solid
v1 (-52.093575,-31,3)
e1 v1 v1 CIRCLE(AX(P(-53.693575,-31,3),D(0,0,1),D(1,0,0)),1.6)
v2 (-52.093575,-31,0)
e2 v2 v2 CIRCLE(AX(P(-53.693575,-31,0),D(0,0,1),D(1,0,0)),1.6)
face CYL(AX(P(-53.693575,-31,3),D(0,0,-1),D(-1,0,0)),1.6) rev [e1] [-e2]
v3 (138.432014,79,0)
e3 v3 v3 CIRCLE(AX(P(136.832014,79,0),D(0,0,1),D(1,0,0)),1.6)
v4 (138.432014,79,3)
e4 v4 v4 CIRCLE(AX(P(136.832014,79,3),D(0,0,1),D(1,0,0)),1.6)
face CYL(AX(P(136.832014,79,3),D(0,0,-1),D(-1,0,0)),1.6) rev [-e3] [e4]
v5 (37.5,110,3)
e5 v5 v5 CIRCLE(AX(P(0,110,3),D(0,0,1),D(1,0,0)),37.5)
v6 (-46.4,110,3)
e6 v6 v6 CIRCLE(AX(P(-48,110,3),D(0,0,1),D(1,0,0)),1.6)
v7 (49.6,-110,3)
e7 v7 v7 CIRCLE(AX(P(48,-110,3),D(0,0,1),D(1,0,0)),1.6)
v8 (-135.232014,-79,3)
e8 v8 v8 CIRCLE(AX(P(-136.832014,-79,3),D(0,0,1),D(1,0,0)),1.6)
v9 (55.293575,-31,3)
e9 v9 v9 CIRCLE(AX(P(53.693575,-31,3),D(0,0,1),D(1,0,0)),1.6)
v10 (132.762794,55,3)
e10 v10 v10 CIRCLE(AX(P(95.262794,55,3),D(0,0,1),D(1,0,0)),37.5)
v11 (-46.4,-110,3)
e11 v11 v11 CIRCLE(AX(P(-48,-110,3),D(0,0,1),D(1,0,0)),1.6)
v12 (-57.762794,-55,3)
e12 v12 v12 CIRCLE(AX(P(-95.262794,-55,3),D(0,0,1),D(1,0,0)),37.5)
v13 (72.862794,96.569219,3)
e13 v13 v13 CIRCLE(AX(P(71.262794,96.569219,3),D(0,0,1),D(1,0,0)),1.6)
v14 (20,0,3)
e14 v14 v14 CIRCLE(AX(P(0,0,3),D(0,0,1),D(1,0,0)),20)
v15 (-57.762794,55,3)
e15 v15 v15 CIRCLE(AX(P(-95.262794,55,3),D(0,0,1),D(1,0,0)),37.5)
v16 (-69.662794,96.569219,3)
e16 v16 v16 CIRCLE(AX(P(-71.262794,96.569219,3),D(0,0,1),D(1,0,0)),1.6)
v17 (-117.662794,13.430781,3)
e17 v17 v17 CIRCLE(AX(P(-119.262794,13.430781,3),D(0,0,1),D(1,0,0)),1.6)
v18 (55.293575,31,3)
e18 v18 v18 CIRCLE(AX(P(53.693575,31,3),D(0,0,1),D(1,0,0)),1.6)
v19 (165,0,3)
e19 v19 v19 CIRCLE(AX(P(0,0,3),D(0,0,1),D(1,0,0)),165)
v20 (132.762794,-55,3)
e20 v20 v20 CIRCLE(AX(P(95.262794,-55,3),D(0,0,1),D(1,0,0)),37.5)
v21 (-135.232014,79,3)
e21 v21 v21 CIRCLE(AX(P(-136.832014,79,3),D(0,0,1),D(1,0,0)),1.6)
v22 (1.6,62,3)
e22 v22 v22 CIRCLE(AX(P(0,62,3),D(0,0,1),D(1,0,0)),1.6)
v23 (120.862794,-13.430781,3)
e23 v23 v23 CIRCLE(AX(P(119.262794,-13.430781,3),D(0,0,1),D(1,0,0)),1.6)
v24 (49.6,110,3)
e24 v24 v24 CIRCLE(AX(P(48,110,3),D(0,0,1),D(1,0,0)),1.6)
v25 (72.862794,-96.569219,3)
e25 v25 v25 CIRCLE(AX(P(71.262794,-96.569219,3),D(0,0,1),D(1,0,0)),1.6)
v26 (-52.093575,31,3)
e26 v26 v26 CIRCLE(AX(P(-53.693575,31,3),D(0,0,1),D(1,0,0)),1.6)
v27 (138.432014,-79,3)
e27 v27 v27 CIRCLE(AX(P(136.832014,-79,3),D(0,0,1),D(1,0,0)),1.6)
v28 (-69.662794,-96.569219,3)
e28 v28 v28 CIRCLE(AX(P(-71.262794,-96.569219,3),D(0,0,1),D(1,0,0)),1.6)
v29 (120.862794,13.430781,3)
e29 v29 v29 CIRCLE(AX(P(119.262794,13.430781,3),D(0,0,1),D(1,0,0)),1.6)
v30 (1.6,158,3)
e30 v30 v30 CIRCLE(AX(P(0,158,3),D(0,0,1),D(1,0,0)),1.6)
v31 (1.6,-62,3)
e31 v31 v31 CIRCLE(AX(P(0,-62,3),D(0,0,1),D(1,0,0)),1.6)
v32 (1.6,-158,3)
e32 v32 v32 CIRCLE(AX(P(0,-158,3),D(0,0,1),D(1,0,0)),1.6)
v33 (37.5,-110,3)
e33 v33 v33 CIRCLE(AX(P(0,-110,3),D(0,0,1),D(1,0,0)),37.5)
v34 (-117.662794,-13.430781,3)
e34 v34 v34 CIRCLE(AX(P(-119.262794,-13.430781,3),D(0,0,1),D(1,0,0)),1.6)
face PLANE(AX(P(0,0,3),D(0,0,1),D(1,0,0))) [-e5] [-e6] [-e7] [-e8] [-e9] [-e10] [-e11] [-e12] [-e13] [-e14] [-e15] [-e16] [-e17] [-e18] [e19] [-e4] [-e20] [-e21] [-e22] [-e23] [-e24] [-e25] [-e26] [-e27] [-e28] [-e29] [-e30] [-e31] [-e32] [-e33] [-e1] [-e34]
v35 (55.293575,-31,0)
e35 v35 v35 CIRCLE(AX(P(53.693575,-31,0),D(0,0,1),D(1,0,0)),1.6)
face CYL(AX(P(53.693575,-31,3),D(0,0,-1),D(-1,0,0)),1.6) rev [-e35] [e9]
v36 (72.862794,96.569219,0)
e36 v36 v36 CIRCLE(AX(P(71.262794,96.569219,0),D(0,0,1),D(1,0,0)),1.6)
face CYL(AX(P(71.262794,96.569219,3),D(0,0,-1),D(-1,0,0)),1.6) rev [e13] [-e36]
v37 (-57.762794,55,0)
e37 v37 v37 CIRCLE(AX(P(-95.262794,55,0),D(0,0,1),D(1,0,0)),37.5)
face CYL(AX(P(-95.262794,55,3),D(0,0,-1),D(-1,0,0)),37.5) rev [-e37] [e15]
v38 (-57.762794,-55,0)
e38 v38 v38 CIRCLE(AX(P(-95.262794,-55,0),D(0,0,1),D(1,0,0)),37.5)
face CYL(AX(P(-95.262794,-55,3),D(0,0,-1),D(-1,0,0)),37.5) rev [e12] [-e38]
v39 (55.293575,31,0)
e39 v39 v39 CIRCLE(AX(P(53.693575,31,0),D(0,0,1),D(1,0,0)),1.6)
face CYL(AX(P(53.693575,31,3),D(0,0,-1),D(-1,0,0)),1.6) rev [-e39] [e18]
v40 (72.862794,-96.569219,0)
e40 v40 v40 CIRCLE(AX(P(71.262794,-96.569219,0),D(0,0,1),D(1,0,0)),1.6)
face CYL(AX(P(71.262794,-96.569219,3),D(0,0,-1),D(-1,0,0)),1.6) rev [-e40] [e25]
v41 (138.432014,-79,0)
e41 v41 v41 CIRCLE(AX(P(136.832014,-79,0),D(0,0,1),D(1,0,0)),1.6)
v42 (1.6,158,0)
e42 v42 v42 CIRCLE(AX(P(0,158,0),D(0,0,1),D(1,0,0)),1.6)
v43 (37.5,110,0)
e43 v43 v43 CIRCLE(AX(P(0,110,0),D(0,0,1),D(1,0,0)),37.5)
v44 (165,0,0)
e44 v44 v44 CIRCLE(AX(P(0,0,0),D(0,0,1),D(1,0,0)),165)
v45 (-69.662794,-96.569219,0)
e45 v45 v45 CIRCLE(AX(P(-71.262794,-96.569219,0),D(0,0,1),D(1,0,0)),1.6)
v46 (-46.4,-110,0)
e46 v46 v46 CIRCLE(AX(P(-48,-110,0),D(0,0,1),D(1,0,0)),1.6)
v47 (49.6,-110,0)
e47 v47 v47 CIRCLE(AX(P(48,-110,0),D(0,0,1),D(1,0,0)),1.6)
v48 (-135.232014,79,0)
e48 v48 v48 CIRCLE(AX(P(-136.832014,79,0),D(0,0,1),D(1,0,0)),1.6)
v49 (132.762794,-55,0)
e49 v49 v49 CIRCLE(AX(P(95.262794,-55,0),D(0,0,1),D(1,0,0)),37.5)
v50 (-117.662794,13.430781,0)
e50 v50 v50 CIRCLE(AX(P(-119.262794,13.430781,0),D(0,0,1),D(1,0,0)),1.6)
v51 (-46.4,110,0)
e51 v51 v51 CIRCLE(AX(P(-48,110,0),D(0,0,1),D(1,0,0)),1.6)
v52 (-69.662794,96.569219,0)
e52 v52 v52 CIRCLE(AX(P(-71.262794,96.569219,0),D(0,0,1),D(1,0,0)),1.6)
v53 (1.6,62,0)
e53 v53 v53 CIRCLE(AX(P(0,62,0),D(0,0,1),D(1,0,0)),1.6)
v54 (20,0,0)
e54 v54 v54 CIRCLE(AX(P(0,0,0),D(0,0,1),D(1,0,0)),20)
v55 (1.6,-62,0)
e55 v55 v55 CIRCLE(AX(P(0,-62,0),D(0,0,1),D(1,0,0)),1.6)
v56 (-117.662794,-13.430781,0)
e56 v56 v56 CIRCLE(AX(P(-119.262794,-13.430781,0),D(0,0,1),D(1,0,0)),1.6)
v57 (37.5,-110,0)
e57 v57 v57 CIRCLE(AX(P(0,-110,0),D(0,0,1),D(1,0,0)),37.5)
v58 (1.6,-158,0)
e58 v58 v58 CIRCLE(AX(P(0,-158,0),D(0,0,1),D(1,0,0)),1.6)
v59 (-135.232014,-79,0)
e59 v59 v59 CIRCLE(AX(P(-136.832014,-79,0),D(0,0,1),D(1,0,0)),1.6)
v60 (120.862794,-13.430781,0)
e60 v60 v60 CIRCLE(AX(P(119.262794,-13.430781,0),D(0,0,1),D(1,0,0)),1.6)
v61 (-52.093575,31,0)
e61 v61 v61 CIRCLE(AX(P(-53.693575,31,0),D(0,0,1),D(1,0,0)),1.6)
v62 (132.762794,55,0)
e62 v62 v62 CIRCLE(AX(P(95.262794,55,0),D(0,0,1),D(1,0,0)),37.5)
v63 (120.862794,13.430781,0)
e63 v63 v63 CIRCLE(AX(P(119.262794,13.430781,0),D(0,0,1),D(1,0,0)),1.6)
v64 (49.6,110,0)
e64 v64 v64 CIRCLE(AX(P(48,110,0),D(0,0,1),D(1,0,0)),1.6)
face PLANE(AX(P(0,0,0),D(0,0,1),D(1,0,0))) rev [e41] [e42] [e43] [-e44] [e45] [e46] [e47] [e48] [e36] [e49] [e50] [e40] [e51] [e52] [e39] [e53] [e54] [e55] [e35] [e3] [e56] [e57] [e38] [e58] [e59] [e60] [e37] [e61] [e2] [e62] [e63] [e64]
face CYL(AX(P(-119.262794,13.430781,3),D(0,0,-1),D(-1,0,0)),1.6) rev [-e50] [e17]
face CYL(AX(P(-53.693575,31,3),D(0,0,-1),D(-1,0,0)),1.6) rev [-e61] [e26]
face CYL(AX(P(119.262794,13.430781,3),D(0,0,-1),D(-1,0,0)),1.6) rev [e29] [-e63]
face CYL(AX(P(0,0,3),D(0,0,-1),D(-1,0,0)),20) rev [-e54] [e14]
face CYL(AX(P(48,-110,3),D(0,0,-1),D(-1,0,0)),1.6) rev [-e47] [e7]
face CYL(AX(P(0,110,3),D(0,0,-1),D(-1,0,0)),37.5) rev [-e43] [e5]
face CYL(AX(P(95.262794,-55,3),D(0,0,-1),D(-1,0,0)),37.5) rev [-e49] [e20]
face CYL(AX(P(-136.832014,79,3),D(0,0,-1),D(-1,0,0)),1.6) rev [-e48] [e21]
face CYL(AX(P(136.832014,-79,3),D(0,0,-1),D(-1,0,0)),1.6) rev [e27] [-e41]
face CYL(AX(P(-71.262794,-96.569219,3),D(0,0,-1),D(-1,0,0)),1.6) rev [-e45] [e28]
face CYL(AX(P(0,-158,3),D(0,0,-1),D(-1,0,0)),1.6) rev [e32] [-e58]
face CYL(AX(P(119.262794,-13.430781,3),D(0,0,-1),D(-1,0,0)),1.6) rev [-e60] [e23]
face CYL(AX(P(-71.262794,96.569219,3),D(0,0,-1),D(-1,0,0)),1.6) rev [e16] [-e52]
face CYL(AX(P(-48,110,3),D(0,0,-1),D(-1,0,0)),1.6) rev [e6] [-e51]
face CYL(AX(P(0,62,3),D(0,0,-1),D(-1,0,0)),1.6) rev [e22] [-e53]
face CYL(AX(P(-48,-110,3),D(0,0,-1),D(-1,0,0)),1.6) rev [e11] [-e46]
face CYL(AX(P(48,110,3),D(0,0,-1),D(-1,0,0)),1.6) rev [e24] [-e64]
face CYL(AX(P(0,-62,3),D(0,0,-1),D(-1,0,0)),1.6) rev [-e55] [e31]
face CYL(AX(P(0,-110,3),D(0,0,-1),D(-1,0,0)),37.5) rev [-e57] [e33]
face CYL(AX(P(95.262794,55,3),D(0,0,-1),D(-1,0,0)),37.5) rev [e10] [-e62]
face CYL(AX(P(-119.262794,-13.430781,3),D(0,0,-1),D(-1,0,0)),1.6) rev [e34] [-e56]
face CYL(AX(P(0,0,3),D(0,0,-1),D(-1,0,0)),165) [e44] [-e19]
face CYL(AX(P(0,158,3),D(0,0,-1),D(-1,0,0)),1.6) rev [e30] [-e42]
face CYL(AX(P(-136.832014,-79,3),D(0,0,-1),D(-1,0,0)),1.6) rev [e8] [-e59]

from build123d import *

# Parameters (mm, degrees)
SKETCH11_R          = 165
SKETCH11_R_2        = 1.6
SKETCH11_R_3        = 37.5
SKETCH11_R_4        = 20
BOSS_EXTRUDE4_DEPTH = 3


with BuildPart() as part:
    # Sketch11 → Boss-Extrude4 (new body)
    with BuildSketch(Plane.XY):
        Circle(SKETCH11_R)
        with Locations((-48, 110)):
            Circle(SKETCH11_R_2, mode=Mode.SUBTRACT)
        with Locations((0, 158)):
            Circle(SKETCH11_R_2, mode=Mode.SUBTRACT)
        with Locations((48, 110)):
            Circle(SKETCH11_R_2, mode=Mode.SUBTRACT)
        with Locations((0, 62)):
            Circle(SKETCH11_R_2, mode=Mode.SUBTRACT)
        with Locations((71.262794416, 96.569219382)):
            Circle(SKETCH11_R_2, mode=Mode.SUBTRACT)
        with Locations((136.832013798, 79)):
            Circle(SKETCH11_R_2, mode=Mode.SUBTRACT)
        with Locations((119.262794416, 13.430780618)):
            Circle(SKETCH11_R_2, mode=Mode.SUBTRACT)
        with Locations((53.693575035, 31)):
            Circle(SKETCH11_R_2, mode=Mode.SUBTRACT)
        with Locations((119.262794416, -13.430780618)):
            Circle(SKETCH11_R_2, mode=Mode.SUBTRACT)
        with Locations((136.832013798, -79)):
            Circle(SKETCH11_R_2, mode=Mode.SUBTRACT)
        with Locations((71.262794416, -96.569219382)):
            Circle(SKETCH11_R_2, mode=Mode.SUBTRACT)
        with Locations((53.693575035, -31)):
            Circle(SKETCH11_R_2, mode=Mode.SUBTRACT)
        with Locations((48, -110)):
            Circle(SKETCH11_R_2, mode=Mode.SUBTRACT)
        with Locations((0, -158)):
            Circle(SKETCH11_R_2, mode=Mode.SUBTRACT)
        with Locations((-48, -110)):
            Circle(SKETCH11_R_2, mode=Mode.SUBTRACT)
        with Locations((0, -62)):
            Circle(SKETCH11_R_2, mode=Mode.SUBTRACT)
        with Locations((-71.262794416, -96.569219382)):
            Circle(SKETCH11_R_2, mode=Mode.SUBTRACT)
        with Locations((-136.832013798, -79)):
            Circle(SKETCH11_R_2, mode=Mode.SUBTRACT)
        with Locations((-119.262794416, -13.430780618)):
            Circle(SKETCH11_R_2, mode=Mode.SUBTRACT)
        with Locations((-53.693575035, -31)):
            Circle(SKETCH11_R_2, mode=Mode.SUBTRACT)
        with Locations((-119.262794416, 13.430780618)):
            Circle(SKETCH11_R_2, mode=Mode.SUBTRACT)
        with Locations((-136.832013798, 79)):
            Circle(SKETCH11_R_2, mode=Mode.SUBTRACT)
        with Locations((-71.262794416, 96.569219382)):
            Circle(SKETCH11_R_2, mode=Mode.SUBTRACT)
        with Locations((-53.693575035, 31)):
            Circle(SKETCH11_R_2, mode=Mode.SUBTRACT)
        with Locations((0, 110)):
            Circle(SKETCH11_R_3, mode=Mode.SUBTRACT)
        with Locations((95.262794416, 55)):
            Circle(SKETCH11_R_3, mode=Mode.SUBTRACT)
        with Locations((95.262794416, -55)):
            Circle(SKETCH11_R_3, mode=Mode.SUBTRACT)
        with Locations((0, -110)):
            Circle(SKETCH11_R_3, mode=Mode.SUBTRACT)
        with Locations((-95.262794416, -55)):
            Circle(SKETCH11_R_3, mode=Mode.SUBTRACT)
        with Locations((-95.262794416, 55)):
            Circle(SKETCH11_R_3, mode=Mode.SUBTRACT)
        Circle(SKETCH11_R_4, mode=Mode.SUBTRACT)
    extrude(amount=BOSS_EXTRUDE4_DEPTH)


solid = part.part
